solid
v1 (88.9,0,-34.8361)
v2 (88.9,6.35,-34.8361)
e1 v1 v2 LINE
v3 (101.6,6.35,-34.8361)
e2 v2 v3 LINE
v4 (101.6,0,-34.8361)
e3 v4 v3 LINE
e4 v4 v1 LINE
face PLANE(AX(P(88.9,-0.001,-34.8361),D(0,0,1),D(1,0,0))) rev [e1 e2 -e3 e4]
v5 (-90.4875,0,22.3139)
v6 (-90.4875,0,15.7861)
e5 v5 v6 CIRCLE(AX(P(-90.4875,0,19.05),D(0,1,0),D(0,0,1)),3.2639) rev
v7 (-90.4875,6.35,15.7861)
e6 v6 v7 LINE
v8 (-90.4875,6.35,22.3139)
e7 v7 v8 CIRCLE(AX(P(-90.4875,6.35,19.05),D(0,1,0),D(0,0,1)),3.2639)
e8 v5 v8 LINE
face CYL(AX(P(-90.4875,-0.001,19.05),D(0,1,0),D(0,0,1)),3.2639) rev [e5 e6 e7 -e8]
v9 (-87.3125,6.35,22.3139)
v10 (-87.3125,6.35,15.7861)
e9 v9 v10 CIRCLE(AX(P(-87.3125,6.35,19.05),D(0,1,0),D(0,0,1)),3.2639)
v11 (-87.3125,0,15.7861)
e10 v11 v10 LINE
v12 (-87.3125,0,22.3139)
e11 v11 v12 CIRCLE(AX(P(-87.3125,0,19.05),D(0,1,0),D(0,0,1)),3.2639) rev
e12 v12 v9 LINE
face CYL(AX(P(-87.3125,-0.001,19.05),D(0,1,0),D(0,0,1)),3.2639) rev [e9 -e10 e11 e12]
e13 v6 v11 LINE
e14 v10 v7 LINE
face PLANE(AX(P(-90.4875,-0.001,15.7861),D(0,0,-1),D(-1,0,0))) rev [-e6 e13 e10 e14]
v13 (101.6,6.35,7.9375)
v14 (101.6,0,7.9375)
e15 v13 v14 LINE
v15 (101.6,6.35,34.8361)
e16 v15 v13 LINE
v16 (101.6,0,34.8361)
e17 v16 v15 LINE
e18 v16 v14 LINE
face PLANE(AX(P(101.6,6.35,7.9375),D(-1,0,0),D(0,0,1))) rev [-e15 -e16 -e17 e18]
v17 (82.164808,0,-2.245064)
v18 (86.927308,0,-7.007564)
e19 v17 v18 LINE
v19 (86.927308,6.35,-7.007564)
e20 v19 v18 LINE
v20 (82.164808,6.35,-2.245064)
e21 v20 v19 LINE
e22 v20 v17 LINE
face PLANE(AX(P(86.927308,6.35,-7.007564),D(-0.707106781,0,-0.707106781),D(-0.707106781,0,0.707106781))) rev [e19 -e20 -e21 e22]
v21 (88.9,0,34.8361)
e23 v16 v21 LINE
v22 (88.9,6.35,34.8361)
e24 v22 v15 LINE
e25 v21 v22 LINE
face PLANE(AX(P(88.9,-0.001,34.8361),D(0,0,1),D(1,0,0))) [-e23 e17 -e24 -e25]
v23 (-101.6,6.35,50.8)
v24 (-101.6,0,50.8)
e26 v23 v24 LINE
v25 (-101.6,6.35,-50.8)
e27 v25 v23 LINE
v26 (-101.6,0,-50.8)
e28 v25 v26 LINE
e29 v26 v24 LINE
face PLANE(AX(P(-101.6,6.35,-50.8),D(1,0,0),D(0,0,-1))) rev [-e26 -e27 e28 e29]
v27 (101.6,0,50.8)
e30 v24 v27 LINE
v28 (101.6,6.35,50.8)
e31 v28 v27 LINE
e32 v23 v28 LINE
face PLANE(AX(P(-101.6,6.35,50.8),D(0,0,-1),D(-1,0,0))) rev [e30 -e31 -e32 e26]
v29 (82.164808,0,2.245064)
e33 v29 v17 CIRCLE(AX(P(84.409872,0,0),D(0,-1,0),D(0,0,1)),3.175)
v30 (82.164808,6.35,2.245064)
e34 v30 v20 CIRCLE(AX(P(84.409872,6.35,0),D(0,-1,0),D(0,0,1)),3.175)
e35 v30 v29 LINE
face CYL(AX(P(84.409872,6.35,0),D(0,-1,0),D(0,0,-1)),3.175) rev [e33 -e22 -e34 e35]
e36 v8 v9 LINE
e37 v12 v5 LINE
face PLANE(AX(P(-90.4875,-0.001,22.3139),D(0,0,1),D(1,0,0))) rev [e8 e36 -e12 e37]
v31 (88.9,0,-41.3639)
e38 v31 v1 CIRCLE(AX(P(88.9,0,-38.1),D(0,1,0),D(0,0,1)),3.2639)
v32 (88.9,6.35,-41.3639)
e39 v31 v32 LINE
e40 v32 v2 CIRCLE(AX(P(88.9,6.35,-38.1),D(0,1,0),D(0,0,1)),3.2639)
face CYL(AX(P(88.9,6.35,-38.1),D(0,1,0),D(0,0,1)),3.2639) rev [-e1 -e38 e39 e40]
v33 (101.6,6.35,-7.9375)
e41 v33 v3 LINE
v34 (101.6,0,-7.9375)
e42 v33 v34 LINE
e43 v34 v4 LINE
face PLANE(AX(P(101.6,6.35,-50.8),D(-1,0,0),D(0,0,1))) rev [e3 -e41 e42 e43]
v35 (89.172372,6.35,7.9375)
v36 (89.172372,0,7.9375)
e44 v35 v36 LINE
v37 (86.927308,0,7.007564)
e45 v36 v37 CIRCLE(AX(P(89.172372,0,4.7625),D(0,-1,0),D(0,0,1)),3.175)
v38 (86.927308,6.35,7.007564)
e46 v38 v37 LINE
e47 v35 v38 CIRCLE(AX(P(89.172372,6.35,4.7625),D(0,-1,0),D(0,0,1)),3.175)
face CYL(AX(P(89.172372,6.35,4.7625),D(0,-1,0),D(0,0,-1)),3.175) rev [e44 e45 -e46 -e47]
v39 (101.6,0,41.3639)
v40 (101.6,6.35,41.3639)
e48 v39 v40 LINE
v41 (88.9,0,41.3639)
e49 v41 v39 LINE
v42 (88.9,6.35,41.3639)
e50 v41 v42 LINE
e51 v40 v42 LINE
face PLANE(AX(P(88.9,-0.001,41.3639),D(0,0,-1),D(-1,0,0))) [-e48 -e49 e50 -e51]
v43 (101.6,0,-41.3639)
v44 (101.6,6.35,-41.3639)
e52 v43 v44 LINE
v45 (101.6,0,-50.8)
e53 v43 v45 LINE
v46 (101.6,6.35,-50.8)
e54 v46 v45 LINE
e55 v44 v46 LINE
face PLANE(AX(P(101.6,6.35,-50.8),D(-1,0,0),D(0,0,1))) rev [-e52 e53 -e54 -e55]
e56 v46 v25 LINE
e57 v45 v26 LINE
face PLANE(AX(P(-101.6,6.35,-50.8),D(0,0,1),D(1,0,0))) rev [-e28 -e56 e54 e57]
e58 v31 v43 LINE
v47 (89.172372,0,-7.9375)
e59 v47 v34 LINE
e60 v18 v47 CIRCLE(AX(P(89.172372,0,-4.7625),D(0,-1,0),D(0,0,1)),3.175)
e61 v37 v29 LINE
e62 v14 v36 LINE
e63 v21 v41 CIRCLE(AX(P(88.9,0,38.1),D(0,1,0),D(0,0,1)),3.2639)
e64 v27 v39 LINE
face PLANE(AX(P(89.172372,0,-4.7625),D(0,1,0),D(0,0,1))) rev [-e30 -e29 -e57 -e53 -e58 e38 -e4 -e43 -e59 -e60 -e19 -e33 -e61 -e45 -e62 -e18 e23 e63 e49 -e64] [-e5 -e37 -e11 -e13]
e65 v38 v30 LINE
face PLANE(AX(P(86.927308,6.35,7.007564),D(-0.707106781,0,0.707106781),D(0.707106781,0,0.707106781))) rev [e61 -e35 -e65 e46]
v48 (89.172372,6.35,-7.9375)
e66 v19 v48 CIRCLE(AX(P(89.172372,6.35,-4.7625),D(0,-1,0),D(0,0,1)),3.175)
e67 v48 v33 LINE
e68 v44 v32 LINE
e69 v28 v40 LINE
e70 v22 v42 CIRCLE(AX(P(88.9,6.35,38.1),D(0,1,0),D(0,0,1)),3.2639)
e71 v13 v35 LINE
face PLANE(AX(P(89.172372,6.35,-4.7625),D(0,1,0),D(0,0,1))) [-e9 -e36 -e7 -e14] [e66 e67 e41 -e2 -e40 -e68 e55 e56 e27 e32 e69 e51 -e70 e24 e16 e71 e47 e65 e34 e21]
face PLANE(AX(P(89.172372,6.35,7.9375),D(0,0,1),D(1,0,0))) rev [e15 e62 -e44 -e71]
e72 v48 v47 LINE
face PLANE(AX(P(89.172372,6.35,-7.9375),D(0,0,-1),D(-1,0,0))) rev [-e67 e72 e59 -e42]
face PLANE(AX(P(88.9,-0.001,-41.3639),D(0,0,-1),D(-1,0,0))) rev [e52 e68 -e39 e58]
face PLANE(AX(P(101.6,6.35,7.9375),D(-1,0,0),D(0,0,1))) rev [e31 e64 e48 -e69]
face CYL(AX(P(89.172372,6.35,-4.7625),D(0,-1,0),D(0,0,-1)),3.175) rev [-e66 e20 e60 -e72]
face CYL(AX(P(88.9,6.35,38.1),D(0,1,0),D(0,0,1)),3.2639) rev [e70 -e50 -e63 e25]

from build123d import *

# Parameters (mm, degrees)
BOSS_EXTRUDE1_DEPTH         = 6.35
F_1_4_CLEARANCE_HOLE1_D     = 6.5278
F_1_4_CLEARANCE_HOLE1_DEPTH = 6.35
CUT_EXTRUDE1_DEPTH          = 6.35
CUT_EXTRUDE2_START          = -6.35
CUT_EXTRUDE2_DEPTH          = 6.35


with BuildPart() as part:
    # Sketch1 → Boss-Extrude1 (new body)
    with BuildSketch(Plane(origin=(0, 0, 0), x_dir=(1, 0, 0), z_dir=(0, 1, 0))):
        with BuildLine():
            Line((-101.6, 50.8), (101.6, 50.8))
            Line((101.6, 50.8), (101.6, 7.9375))
            Line((101.6, 7.9375), (89.172371939, 7.9375))
            ThreePointArc((89.172371939, 7.9375), (87.957352042, 7.695817516), (86.927307909, 7.00756403))
            Line((86.927307909, 7.00756403), (82.164807909, 2.24506403))
            ThreePointArc((82.164807909, 2.24506403), (81.234871939, 0), (82.164807909, -2.24506403))
            Line((82.164807909, -2.24506403), (86.927307909, -7.00756403))
            ThreePointArc((86.927307909, -7.00756403), (87.957352042, -7.695817516), (89.172371939, -7.9375))
            Line((89.172371939, -7.9375), (101.6, -7.9375))
            Line((101.6, -7.9375), (101.6, -50.8))
            Line((101.6, -50.8), (-101.6, -50.8))
            Line((-101.6, -50.8), (-101.6, 50.8))
        make_face()
    extrude(amount=BOSS_EXTRUDE1_DEPTH)

    # 1/4 Clearance Hole1
    with Locations(Plane(origin=(0, 6.35, 0), x_dir=(-1, 0, 0), z_dir=(0, 1, 0))):
        with Locations((-88.9, 38.1), (-88.9, -38.1), (88.9, 19.05)):
            Hole(F_1_4_CLEARANCE_HOLE1_D / 2, depth=F_1_4_CLEARANCE_HOLE1_DEPTH)

    # Sketch4 → Cut-Extrude1 (cut)
    with BuildSketch(Plane(origin=(0, 6.35, 0), x_dir=(1, 0, 0), z_dir=(0, 1, 0))):
        with BuildLine():
            Line((88.9, 41.3639), (101.6, 41.3639))
            Line((101.6, 41.3639), (101.6, 34.8361))
            Line((101.6, 34.8361), (88.9, 34.8361))
            ThreePointArc((88.9, 34.8361), (85.6361, 38.1), (88.9, 41.3639))
        make_face()
    cut_extrude1 = extrude(amount=-CUT_EXTRUDE1_DEPTH, mode=Mode.SUBTRACT)

    # Mirror1: Cut-Extrude1 across plane
    add(cut_extrude1.mirror(Plane.XY), mode=Mode.SUBTRACT)

    # Sketch5 → Cut-Extrude2 (cut)
    with BuildSketch(Plane(origin=(0, 6.35, 0), x_dir=(1, 0, 0), z_dir=(0, 1, 0)).offset(CUT_EXTRUDE2_START)):
        with BuildLine():
            Line((-90.4875, -15.7861), (-87.3125, -15.7861))
            ThreePointArc((-87.3125, -15.7861), (-84.0486, -19.05), (-87.3125, -22.3139))
            Line((-87.3125, -22.3139), (-90.4875, -22.3139))
            ThreePointArc((-90.4875, -22.3139), (-93.7514, -19.05), (-90.4875, -15.7861))
        make_face()
    extrude(amount=CUT_EXTRUDE2_DEPTH, mode=Mode.SUBTRACT)


solid = part.part
